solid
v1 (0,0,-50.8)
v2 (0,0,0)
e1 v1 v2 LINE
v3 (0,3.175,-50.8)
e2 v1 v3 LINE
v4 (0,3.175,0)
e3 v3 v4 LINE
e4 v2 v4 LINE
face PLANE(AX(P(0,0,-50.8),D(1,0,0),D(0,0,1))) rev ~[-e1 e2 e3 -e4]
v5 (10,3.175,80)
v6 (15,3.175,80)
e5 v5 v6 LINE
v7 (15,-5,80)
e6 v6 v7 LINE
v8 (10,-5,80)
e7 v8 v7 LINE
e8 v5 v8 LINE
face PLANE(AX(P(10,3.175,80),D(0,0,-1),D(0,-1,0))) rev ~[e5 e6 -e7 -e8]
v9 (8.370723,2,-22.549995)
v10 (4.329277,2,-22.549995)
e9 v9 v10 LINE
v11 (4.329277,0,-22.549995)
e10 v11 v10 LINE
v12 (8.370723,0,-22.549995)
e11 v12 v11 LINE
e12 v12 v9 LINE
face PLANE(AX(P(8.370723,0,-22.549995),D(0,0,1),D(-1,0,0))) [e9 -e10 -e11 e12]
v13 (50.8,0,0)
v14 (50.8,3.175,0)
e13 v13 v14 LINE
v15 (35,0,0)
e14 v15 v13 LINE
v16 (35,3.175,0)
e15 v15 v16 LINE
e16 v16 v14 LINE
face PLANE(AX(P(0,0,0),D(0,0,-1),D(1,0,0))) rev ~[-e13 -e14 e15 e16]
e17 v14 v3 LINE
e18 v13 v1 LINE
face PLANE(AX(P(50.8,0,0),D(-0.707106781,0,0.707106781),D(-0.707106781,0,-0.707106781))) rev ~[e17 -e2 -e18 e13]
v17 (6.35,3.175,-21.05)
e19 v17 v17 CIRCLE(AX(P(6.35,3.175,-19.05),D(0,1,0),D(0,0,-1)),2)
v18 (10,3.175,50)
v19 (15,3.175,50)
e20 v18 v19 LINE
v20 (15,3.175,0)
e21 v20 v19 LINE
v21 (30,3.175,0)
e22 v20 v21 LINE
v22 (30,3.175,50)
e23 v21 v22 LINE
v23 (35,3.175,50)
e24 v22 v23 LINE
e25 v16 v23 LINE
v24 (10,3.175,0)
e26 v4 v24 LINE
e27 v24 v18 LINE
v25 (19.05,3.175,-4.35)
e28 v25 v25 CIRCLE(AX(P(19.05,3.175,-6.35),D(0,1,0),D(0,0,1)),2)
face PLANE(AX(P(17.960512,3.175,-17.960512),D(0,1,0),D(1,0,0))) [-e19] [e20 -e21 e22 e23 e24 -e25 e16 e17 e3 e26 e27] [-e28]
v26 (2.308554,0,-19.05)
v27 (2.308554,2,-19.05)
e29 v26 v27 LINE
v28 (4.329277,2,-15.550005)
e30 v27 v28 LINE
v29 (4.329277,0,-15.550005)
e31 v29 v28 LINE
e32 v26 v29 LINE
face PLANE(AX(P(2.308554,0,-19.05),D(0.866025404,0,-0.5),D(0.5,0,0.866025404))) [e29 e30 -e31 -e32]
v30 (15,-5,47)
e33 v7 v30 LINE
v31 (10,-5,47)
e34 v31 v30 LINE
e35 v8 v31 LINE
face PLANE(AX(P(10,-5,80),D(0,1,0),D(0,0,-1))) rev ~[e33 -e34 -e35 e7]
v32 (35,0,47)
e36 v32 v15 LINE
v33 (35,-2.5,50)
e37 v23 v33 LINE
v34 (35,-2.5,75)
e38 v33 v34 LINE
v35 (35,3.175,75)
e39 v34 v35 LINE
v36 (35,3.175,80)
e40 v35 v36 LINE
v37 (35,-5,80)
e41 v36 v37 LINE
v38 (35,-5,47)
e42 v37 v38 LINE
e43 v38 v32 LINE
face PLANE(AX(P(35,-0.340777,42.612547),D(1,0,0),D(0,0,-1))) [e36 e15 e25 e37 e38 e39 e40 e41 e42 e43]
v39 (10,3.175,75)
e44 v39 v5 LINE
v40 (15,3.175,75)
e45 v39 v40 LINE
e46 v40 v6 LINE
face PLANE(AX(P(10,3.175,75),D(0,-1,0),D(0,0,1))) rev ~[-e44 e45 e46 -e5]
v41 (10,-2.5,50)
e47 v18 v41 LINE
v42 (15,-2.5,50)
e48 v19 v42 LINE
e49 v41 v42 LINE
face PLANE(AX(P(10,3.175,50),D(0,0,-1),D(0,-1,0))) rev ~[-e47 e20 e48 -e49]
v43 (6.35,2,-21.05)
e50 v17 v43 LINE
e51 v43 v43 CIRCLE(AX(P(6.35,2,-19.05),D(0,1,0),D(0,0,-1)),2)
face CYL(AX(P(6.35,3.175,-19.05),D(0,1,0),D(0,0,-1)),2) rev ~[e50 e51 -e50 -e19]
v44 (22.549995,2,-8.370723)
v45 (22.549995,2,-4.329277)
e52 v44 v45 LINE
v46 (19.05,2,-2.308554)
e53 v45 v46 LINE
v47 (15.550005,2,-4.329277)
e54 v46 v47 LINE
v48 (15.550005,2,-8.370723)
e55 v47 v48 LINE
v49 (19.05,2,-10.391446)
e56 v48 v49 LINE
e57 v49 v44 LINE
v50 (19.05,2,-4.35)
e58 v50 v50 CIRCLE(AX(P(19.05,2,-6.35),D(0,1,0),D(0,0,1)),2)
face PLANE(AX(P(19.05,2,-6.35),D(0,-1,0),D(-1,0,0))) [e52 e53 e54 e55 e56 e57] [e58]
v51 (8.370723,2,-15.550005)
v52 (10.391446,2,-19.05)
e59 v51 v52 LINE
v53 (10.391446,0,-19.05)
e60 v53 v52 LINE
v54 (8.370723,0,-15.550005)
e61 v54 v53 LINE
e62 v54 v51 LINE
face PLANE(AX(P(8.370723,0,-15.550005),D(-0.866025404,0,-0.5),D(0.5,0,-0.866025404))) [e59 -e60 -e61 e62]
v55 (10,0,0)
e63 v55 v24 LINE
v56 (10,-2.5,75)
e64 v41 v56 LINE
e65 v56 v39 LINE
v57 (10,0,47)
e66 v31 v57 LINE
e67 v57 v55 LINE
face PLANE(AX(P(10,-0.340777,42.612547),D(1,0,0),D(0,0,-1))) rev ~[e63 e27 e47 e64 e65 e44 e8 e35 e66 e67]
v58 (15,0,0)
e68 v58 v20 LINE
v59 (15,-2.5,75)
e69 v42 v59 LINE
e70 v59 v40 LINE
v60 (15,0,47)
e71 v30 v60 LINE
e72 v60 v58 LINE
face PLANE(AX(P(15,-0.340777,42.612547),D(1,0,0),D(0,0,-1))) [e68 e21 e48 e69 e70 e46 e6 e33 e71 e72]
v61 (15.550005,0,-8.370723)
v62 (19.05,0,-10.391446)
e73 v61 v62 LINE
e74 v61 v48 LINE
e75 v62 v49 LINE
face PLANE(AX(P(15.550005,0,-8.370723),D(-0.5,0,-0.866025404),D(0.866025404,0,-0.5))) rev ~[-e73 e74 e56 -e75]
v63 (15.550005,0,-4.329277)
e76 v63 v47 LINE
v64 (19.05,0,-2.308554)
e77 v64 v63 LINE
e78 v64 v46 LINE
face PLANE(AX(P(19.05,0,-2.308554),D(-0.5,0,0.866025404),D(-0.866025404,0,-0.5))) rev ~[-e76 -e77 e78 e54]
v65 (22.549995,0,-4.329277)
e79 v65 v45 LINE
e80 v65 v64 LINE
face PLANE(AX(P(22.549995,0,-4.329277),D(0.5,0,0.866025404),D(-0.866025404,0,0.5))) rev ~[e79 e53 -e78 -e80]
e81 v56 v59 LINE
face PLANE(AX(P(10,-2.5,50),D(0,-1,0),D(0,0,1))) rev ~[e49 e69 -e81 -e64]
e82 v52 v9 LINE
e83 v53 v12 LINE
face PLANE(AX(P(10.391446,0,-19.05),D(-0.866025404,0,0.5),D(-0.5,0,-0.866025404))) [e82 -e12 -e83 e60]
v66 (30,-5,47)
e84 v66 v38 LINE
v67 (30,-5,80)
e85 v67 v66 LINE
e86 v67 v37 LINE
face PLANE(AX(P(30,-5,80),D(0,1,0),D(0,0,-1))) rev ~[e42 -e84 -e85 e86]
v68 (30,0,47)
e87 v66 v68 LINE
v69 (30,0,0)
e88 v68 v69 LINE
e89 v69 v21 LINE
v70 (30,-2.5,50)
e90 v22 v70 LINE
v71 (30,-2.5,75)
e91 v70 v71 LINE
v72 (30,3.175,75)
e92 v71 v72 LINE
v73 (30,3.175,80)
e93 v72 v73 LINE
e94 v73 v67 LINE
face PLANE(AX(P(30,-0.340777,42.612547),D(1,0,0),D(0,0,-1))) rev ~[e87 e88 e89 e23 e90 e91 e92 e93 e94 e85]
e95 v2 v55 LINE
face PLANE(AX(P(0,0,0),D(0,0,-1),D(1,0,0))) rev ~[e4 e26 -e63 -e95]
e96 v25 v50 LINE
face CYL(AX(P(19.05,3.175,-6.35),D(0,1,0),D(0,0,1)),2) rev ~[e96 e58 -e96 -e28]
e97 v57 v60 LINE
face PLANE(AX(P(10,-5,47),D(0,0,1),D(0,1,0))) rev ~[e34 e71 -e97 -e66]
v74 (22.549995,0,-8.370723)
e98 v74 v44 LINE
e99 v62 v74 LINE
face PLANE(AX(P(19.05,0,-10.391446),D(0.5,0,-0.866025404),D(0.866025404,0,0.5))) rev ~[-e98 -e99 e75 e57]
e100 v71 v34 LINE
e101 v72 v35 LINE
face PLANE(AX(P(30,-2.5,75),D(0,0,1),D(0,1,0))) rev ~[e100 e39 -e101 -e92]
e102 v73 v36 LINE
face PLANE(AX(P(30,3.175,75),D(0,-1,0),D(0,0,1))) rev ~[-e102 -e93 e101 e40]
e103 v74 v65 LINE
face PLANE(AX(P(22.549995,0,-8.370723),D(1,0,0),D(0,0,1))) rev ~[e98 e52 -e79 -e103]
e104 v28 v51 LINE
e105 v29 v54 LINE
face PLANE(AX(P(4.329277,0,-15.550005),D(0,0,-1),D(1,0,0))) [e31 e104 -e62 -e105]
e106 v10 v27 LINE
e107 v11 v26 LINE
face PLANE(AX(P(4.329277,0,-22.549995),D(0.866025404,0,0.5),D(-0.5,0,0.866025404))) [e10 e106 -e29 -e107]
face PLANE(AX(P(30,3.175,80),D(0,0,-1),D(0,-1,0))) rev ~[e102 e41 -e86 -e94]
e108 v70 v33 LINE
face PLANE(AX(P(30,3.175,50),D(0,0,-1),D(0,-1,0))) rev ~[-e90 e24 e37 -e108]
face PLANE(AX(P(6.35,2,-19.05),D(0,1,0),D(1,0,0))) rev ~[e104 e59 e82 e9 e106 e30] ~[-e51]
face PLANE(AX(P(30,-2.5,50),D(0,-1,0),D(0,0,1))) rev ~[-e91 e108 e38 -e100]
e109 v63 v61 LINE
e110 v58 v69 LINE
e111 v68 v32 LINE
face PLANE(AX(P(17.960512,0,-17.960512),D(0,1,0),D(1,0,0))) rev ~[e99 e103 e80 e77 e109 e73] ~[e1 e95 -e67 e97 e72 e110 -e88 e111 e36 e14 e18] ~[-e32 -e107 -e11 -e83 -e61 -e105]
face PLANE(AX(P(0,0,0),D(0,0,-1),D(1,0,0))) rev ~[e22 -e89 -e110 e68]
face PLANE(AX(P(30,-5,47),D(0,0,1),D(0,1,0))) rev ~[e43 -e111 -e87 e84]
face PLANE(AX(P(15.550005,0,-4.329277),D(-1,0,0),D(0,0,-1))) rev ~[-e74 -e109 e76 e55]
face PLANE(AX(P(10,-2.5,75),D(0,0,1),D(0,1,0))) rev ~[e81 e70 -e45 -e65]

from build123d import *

# Parameters (mm, degrees)
BOSS_EXTRUDE1_DEPTH = 3.175
SKETCH2_R           = 2
CUT_EXTRUDE1_DEPTH  = 72.912172996
CUT_EXTRUDE2_START  = -3.175
CUT_EXTRUDE2_DEPTH  = 2
BOSS_EXTRUDE2_START = 10
BOSS_EXTRUDE2_DEPTH = 5
BOSS_EXTRUDE3_START = 30
BOSS_EXTRUDE3_DEPTH = 5


with BuildPart() as part:
    # Sketch1 → Boss-Extrude1 (new body)
    with BuildSketch(Plane(origin=(0, 0, 0), x_dir=(1, 0, 0), z_dir=(0, 1, 0))):
        Polygon((0, 0), (50.8, 0), (0, 50.8), align=None)
    extrude(amount=BOSS_EXTRUDE1_DEPTH)

    # Sketch2 → Cut-Extrude1 (cut, through all)
    with BuildSketch(Plane(origin=(0, 3.175, 0), x_dir=(1, 0, 0), z_dir=(0, 1, 0))):
        with Locations(Location((19.05, 6.35, 0), (0, 0, 270))):
            Circle(SKETCH2_R)
        with Locations(Location((6.35, 19.05, 0), (0, 0, 90))):
            Circle(SKETCH2_R)
    extrude(amount=-CUT_EXTRUDE1_DEPTH, mode=Mode.SUBTRACT)

    # Sketch3 → Cut-Extrude2 (cut)
    with BuildSketch(Plane(origin=(0, 3.175, 0), x_dir=(1, 0, 0), z_dir=(0, 1, 0)).offset(CUT_EXTRUDE2_START)):
        Polygon((8.370723055, 15.550005), (10.391446111, 19.05), (8.370723055, 22.549995), (4.329276945, 22.549995), (2.308553889, 19.05), (4.329276945, 15.550005), align=None)
        Polygon((22.549995, 4.329276945), (19.05, 2.308553889), (15.550005, 4.329276945), (15.550005, 8.370723055), (19.05, 10.391446111), (22.549995, 8.370723055), align=None)
    extrude(amount=CUT_EXTRUDE2_DEPTH, mode=Mode.SUBTRACT)

    # Sketch5 → Boss-Extrude2 (add)
    with BuildSketch(Plane(origin=(0, 0, 0), x_dir=(0, 0, -1), z_dir=(1, 0, 0)).offset(BOSS_EXTRUDE2_START)):
        Polygon((0, 0), (0, 3.175), (-50, 3.175), (-50, -2.5), (-75, -2.5), (-75, 3.175), (-80, 3.175), (-80, -5), (-47, -5), (-47, 0), align=None)
    extrude(amount=BOSS_EXTRUDE2_DEPTH)

    # Sketch5<3> → Boss-Extrude3 (add)
    with BuildSketch(Plane(origin=(0, 0, 0), x_dir=(0, 0, -1), z_dir=(1, 0, 0)).offset(BOSS_EXTRUDE3_START)):
        Polygon((0, 0), (0, 3.175), (-50, 3.175), (-50, -2.5), (-75, -2.5), (-75, 3.175), (-80, 3.175), (-80, -5), (-47, -5), (-47, 0), align=None)
    extrude(amount=BOSS_EXTRUDE3_DEPTH)


solid = part.part
